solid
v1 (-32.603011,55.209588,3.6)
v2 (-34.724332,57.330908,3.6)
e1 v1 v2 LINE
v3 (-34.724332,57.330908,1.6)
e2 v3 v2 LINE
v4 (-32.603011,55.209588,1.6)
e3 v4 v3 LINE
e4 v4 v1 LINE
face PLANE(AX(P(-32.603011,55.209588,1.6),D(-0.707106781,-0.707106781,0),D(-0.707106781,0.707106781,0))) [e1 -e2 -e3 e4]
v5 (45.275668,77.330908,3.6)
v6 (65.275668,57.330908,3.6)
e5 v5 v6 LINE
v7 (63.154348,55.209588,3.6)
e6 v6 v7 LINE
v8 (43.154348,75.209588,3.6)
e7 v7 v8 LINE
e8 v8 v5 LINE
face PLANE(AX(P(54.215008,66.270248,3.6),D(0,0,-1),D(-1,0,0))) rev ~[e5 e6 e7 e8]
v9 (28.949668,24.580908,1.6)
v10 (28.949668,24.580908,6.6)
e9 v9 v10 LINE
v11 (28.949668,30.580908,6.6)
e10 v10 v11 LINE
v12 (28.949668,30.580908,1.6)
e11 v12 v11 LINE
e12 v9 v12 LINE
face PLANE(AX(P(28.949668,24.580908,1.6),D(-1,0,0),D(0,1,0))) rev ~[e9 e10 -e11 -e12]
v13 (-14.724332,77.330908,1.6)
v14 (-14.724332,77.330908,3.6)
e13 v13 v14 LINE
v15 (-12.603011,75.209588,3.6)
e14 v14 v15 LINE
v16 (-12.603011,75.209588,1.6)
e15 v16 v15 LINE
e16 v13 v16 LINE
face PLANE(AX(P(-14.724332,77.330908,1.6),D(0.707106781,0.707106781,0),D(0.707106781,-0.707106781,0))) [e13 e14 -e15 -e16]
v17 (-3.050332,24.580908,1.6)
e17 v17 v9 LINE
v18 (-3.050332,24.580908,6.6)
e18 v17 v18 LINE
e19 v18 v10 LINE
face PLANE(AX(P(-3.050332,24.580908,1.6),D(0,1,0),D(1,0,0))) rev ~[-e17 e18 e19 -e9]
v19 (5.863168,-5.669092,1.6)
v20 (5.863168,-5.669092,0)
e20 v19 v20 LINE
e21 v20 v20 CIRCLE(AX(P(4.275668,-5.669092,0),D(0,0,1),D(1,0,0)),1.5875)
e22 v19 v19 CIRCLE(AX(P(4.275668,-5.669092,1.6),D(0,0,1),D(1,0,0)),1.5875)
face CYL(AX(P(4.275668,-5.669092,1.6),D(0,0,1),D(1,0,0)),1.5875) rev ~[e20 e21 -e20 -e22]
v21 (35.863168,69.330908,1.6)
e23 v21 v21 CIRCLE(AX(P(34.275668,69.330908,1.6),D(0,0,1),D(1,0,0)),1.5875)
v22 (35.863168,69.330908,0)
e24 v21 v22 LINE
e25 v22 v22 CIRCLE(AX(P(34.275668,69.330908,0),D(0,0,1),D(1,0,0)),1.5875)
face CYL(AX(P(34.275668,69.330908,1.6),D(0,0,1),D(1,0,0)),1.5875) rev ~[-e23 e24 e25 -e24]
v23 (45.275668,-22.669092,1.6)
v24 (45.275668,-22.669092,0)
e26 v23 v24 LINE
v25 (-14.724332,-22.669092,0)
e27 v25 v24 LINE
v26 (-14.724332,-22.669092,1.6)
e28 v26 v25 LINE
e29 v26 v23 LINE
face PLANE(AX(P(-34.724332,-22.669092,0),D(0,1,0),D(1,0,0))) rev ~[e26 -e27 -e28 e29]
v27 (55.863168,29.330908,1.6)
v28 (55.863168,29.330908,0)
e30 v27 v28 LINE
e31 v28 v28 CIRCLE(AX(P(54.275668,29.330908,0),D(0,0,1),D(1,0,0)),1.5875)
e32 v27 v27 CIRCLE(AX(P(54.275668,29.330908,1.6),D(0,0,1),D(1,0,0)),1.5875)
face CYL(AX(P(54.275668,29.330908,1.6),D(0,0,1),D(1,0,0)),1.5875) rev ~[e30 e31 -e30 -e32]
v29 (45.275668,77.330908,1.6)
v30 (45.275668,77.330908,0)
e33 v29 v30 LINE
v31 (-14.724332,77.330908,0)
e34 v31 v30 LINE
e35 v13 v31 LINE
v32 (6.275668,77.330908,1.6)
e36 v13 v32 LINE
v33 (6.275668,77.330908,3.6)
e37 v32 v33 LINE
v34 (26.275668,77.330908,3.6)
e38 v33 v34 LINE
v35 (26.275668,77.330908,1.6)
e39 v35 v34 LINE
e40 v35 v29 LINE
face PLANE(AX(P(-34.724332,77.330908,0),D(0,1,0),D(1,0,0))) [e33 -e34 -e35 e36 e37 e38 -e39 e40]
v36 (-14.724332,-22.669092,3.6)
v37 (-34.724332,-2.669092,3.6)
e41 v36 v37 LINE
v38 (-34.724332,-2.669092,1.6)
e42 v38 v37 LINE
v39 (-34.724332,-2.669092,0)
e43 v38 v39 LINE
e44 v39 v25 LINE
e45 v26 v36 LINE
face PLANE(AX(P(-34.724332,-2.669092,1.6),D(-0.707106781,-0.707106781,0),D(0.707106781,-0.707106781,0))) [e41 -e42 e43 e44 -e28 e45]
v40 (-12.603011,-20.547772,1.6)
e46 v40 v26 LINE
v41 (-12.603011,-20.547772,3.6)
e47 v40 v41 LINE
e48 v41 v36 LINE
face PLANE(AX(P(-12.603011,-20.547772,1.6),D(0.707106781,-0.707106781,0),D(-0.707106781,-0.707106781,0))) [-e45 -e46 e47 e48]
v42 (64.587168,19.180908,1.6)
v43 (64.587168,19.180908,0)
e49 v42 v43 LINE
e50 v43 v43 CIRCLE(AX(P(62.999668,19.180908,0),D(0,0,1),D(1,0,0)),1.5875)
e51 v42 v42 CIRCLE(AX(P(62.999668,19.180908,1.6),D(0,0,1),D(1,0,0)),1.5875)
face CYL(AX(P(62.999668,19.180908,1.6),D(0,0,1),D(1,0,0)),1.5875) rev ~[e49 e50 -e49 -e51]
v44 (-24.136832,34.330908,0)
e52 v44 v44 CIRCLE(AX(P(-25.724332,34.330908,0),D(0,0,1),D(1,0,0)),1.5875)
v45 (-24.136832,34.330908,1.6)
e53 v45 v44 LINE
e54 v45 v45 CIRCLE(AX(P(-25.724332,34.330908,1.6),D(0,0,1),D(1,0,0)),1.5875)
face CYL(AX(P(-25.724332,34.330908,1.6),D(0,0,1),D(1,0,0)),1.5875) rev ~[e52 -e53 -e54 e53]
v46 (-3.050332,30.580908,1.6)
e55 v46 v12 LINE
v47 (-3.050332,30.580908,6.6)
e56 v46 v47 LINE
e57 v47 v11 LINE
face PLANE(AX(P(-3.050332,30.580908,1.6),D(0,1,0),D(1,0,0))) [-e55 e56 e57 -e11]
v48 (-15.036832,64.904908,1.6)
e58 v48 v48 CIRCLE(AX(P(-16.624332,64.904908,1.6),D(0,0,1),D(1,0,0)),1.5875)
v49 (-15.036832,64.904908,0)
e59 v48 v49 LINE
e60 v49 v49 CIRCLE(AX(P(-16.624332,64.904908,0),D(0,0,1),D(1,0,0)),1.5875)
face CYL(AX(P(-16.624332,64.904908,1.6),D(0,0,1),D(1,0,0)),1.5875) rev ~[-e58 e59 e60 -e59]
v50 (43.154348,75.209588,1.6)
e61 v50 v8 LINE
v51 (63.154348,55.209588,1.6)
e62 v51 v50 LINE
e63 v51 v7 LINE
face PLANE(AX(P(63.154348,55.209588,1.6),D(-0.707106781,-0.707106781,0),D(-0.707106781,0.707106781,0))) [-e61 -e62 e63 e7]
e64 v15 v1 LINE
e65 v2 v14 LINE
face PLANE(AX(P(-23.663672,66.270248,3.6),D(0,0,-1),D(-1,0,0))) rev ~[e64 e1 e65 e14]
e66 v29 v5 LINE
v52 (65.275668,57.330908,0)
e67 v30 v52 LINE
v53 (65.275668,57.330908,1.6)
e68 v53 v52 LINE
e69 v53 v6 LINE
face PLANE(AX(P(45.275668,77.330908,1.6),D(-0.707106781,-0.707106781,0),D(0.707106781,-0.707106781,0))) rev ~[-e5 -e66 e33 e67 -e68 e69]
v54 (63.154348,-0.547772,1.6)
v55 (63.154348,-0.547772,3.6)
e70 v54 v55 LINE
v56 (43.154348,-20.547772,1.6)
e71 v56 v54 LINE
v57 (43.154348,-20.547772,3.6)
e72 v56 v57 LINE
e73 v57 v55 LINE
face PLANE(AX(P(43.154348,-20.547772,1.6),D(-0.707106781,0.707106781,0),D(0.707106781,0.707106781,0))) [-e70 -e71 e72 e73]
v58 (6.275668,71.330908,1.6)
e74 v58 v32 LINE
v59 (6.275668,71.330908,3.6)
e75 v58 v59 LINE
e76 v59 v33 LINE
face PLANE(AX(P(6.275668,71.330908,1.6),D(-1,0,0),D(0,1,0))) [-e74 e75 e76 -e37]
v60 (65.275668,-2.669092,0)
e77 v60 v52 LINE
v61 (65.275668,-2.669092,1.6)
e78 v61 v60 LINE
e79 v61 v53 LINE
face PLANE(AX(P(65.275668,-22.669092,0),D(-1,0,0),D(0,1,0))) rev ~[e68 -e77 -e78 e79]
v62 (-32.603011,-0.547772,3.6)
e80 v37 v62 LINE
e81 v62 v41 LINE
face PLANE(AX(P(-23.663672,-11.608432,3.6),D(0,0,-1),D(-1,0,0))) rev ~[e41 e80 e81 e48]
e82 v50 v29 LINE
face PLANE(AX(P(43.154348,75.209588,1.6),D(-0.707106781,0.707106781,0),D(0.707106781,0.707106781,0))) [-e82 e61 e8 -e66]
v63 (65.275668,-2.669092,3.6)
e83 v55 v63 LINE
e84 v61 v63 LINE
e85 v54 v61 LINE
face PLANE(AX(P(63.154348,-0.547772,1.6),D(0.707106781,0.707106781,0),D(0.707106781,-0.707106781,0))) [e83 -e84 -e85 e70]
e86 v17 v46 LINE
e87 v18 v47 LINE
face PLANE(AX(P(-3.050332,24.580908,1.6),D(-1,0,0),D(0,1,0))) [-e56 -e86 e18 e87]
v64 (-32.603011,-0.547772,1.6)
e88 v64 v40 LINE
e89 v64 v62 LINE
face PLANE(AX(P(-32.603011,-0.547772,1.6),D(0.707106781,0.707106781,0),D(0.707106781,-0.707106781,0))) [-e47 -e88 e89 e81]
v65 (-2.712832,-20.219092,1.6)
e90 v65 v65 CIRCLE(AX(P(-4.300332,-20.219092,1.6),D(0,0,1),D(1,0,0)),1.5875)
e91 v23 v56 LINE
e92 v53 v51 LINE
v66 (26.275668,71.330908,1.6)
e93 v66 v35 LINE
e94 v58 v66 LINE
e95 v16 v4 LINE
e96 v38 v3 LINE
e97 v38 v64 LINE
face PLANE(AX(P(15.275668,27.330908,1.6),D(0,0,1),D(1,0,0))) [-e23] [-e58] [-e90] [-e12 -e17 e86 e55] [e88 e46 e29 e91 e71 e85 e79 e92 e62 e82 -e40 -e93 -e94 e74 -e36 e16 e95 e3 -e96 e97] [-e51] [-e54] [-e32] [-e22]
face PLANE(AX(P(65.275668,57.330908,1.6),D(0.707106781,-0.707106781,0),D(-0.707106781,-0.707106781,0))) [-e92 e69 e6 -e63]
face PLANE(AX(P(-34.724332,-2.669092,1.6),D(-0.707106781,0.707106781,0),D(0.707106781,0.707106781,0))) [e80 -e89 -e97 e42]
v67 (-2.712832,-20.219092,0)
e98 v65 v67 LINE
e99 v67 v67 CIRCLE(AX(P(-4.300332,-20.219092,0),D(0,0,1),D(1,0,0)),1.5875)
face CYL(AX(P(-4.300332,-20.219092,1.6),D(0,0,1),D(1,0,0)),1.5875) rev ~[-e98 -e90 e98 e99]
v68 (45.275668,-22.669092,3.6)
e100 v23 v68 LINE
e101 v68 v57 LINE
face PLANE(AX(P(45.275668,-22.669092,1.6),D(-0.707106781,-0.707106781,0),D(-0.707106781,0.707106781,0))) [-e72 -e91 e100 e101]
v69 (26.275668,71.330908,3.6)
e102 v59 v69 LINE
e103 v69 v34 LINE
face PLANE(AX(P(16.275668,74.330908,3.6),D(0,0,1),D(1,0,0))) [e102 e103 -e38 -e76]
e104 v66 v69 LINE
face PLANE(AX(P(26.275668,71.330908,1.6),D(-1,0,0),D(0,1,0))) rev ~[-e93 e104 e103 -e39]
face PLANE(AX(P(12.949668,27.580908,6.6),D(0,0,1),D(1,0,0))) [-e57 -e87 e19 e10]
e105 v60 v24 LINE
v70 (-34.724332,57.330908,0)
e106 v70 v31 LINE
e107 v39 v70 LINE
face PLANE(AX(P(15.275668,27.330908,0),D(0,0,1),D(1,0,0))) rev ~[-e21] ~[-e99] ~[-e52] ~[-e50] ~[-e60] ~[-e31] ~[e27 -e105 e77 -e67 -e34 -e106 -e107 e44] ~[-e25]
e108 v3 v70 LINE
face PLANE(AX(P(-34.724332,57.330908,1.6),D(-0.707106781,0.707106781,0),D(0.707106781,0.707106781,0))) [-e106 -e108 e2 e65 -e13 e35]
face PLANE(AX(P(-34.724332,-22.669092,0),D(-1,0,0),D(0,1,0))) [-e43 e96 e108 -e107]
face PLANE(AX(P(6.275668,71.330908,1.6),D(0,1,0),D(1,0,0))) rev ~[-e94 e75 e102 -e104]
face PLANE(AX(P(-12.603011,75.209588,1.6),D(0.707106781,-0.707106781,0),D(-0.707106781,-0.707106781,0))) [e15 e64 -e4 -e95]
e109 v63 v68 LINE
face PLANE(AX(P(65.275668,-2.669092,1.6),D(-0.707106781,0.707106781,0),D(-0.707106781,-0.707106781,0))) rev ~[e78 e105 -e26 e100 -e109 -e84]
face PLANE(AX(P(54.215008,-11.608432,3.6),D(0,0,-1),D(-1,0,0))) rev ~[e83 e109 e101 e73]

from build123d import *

# Parameters (mm, degrees)
SKETCH1_W           = 100
SKETCH1_H           = 100
BOSS_EXTRUDE1_DEPTH = 1.6
CUT_EXTRUDE1_DEPTH  = 1.6
SKETCH7_R           = 1.5875
CUT_EXTRUDE2_DEPTH  = 1.6
SKETCH8_W           = 32
SKETCH8_H           = 6
BOSS_EXTRUDE2_DEPTH = 5
BOSS_EXTRUDE3_DEPTH = 2
SKETCH12_W          = 20
SKETCH12_H          = 6
BOSS_EXTRUDE5_DEPTH = 2


with BuildPart() as part:
    # Sketch1 → Boss-Extrude1 (new body)
    with BuildSketch(Plane.XY):
        with Locations((15.275668243, 27.330907947)):
            Rectangle(SKETCH1_W, SKETCH1_H)
    extrude(amount=BOSS_EXTRUDE1_DEPTH)

    # Sketch2 → Cut-Extrude1 (cut)
    with BuildSketch(Plane.XY.offset(1.6)):
        Polygon((-34.724331757, 57.330907947), (-14.724331757, 77.330907947), (-34.724331757, 77.330907947), align=None)
        Polygon((-34.724331757, -2.669092053), (-14.724331757, -22.669092053), (-34.724331757, -22.669092053), align=None)
        Polygon((45.275668243, 77.330907947), (65.275668243, 57.330907947), (65.275668243, 77.330907947), align=None)
        Polygon((65.275668243, -2.669092053), (45.275668243, -22.669092053), (65.275668243, -22.669092053), align=None)
    extrude(amount=-CUT_EXTRUDE1_DEPTH, mode=Mode.SUBTRACT)

    # Sketch7 → Cut-Extrude2 (cut)
    with BuildSketch(Plane.XY.offset(1.6)):
        with Locations((-25.724331757, 34.330907947)):
            Circle(SKETCH7_R)
        with Locations((-16.624331757, 64.904907947)):
            Circle(SKETCH7_R)
        with Locations((34.275668243, 69.330907947)):
            Circle(SKETCH7_R)
        with Locations((54.275668243, 29.330907947)):
            Circle(SKETCH7_R)
        with Locations((62.999668243, 19.180907947)):
            Circle(SKETCH7_R)
        with Locations((-4.300331757, -20.219092053)):
            Circle(SKETCH7_R)
        with Locations((4.275668243, -5.669092053)):
            Circle(SKETCH7_R)
    extrude(amount=-CUT_EXTRUDE2_DEPTH, mode=Mode.SUBTRACT)

    # Sketch8 → Boss-Extrude2 (add)
    with BuildSketch(Plane.XY.offset(1.6)):
        with Locations((12.949668243, 27.580907947)):
            Rectangle(SKETCH8_W, SKETCH8_H)
    extrude(amount=BOSS_EXTRUDE2_DEPTH)

    # Sketch10 → Boss-Extrude3 (add)
    with BuildSketch(Plane.XY.offset(1.6)):
        Polygon((-34.724331757, 57.330907947), (-14.724331757, 77.330907947), (-12.603011413, 75.209587604), (-32.603011413, 55.209587604), align=None)
        Polygon((45.275668243, 77.330907947), (65.275668243, 57.330907947), (63.154347899, 55.209587604), (43.154347899, 75.209587604), align=None)
        Polygon((65.275668243, -2.669092053), (45.275668243, -22.669092053), (43.154347899, -20.547771709), (63.154347899, -0.547771709), align=None)
        Polygon((-14.724331757, -22.669092053), (-34.724331757, -2.669092053), (-32.603011413, -0.547771709), (-12.603011413, -20.547771709), align=None)
    extrude(amount=BOSS_EXTRUDE3_DEPTH)

    # Sketch12 → Boss-Extrude5 (add)
    with BuildSketch(Plane.XY.offset(1.6)):
        with Locations((16.275668243, 74.330907947)):
            Rectangle(SKETCH12_W, SKETCH12_H)
    extrude(amount=BOSS_EXTRUDE5_DEPTH)


solid = part.part
